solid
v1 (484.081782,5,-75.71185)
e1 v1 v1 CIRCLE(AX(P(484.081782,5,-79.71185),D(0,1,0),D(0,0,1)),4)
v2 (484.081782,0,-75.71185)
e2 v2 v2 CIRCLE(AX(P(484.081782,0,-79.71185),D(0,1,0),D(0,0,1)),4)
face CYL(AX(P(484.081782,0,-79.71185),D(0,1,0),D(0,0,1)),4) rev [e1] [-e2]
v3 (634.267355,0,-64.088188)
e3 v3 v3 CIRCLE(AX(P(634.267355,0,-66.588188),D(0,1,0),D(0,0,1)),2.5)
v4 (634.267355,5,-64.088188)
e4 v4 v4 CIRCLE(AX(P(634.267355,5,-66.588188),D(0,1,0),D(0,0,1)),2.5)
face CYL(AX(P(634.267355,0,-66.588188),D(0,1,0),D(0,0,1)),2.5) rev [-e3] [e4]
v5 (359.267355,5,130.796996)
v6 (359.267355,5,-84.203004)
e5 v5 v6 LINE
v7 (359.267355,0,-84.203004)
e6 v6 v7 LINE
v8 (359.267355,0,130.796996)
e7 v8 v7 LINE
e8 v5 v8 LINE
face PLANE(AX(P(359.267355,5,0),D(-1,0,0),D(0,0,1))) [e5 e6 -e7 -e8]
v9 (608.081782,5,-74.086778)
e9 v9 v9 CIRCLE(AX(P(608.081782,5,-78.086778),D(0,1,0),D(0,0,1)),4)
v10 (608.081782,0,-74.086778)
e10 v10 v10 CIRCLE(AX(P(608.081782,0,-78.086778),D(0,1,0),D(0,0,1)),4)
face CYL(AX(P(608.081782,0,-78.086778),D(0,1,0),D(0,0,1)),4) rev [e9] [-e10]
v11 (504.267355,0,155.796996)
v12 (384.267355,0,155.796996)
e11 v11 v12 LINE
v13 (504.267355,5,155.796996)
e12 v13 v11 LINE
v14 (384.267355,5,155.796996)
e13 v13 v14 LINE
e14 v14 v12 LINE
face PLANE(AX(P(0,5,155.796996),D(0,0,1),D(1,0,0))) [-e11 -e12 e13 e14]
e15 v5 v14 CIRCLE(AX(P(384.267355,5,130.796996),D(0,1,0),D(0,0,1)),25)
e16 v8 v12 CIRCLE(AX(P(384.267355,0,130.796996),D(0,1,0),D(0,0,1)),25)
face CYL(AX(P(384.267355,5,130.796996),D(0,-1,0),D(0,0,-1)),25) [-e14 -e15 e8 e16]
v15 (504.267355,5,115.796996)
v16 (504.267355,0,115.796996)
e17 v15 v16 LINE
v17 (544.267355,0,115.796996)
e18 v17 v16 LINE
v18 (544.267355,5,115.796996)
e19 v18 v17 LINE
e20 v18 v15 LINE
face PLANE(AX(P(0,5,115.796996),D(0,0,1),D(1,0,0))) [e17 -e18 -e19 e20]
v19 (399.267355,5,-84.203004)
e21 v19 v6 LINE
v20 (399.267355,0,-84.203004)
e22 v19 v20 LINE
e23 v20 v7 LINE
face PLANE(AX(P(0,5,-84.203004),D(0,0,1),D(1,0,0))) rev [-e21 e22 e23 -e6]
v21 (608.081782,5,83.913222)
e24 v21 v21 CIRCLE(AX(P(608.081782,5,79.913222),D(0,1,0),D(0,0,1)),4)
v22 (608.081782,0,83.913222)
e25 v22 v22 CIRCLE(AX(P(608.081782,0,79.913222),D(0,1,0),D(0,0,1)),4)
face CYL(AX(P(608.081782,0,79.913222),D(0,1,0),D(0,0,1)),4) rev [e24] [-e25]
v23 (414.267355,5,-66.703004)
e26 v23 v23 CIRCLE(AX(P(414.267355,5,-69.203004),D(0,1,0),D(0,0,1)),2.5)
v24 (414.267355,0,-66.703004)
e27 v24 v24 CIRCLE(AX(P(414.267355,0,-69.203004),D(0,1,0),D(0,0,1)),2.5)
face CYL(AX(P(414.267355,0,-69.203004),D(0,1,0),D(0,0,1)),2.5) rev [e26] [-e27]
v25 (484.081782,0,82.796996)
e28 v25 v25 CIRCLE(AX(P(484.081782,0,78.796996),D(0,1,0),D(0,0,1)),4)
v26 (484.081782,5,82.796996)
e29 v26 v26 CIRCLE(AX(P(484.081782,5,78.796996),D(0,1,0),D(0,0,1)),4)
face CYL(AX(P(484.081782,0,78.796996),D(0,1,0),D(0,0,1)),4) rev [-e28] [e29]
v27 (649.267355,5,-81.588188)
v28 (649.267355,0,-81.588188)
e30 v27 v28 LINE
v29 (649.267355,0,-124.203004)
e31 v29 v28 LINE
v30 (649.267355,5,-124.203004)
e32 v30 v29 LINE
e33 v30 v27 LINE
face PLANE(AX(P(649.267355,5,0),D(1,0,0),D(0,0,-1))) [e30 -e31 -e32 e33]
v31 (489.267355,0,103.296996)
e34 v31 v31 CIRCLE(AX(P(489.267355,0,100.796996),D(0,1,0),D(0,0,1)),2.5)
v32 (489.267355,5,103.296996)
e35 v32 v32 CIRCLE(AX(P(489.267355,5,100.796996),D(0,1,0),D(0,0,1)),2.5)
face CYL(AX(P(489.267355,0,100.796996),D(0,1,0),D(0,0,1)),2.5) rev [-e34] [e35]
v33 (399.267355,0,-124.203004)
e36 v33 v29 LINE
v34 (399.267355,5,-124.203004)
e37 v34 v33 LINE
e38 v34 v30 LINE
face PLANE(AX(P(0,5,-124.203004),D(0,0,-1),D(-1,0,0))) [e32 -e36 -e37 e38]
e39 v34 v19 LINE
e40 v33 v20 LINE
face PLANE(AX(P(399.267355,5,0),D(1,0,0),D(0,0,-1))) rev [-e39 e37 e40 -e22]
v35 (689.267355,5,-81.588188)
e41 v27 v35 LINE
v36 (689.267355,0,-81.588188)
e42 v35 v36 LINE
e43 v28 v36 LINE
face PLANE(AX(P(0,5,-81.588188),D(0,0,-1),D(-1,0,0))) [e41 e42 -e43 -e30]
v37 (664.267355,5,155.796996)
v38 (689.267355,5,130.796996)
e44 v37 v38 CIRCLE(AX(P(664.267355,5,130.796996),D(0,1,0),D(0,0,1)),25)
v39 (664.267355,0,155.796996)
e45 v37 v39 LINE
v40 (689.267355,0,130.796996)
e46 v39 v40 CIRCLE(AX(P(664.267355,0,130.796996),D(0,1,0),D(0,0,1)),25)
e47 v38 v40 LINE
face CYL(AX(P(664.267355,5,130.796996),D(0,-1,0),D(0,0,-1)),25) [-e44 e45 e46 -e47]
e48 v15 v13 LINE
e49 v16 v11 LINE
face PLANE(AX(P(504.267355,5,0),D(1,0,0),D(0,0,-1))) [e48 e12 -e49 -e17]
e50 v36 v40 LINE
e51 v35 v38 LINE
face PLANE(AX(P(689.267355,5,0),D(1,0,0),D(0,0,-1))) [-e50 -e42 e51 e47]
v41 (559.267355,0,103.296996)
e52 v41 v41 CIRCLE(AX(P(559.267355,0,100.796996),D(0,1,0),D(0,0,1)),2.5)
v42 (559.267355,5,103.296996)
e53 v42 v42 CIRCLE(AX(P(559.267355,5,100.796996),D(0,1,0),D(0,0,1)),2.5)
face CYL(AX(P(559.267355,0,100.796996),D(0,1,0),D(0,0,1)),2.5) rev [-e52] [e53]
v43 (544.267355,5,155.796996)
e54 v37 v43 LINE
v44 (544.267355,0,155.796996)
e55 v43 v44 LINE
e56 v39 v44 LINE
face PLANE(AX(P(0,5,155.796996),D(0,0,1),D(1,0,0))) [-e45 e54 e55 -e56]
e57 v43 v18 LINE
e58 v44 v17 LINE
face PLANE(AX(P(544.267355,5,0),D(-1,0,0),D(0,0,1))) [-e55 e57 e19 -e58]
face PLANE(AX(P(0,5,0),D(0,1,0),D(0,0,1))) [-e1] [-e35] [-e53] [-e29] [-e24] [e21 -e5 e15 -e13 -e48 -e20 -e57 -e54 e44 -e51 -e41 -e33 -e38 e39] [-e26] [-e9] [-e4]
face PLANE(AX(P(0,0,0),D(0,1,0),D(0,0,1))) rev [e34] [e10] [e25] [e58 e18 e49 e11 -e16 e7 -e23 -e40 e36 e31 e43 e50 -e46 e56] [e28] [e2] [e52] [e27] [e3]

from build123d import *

# Parameters (mm, degrees)
RESSALTO_EXTRUS_O4_DEPTH = 5
ESBO_O2_R                = 2.5
CORTE_EXTRUS_O1_DEPTH    = 5
ESBO_O3_R                = 4
CORTE_EXTRUS_O2_DEPTH    = 5


with BuildPart() as part:
    # Esboço1 → Ressalto-extrusão4 (new body)
    with BuildSketch(Plane(origin=(0, 0, 0), x_dir=(1, 0, 0), z_dir=(0, 1, 0))):
        with BuildLine():
            Line((504.267355398, -155.796995794), (384.267355398, -155.796995794))
            ThreePointArc((384.267355398, -155.796995794), (366.589685869, -148.474665324), (359.267355398, -130.796995794))
            Line((359.267355398, -130.796995794), (359.267355398, 84.203004206))
            Line((359.267355398, 84.203004206), (399.267355398, 84.203004206))
            Line((399.267355398, 84.203004206), (399.267355398, 124.203004206))
            Line((399.267355398, 124.203004206), (649.267355398, 124.203004206))
            Line((649.267355398, 124.203004206), (649.267355398, 81.588187759))
            Line((649.267355398, 81.588187759), (689.267355398, 81.588187759))
            Line((689.267355398, 81.588187759), (689.267355398, -130.796995794))
            ThreePointArc((689.267355398, -130.796995794), (681.945024928, -148.474665324), (664.267355398, -155.796995794))
            Line((664.267355398, -155.796995794), (544.267355398, -155.796995794))
            Line((544.267355398, -155.796995794), (544.267355398, -115.796995794))
            Line((544.267355398, -115.796995794), (504.267355398, -115.796995794))
            Line((504.267355398, -115.796995794), (504.267355398, -155.796995794))
        make_face()
    extrude(amount=RESSALTO_EXTRUS_O4_DEPTH)

    # Esboço2 → Corte-extrusão1 (cut)
    with BuildSketch(Plane(origin=(0, 5, 0), x_dir=(1, 0, 0), z_dir=(0, 1, 0))):
        with Locations(Location((559.267355398, -100.796995794, 0), (0, 0, 270))):
            Circle(ESBO_O2_R)
        with Locations(Location((489.267355398, -100.796995794, 0), (0, 0, 270))):
            Circle(ESBO_O2_R)
        with Locations(Location((634.267355398, 66.588187759, 0), (0, 0, 270))):
            Circle(ESBO_O2_R)
        with Locations(Location((414.267355398, 69.203004206, 0), (0, 0, 270))):
            Circle(ESBO_O2_R)
    extrude(amount=-CORTE_EXTRUS_O1_DEPTH, mode=Mode.SUBTRACT)

    # Esboço3 → Corte-extrusão2 (cut)
    with BuildSketch(Plane(origin=(0, 5, 0), x_dir=(1, 0, 0), z_dir=(0, 1, 0))):
        with Locations(Location((608.081782449, -79.913221978, 0), (0, 0, 270))):
            Circle(ESBO_O3_R)
        with Locations(Location((484.081782449, -78.796995794, 0), (0, 0, 270))):
            Circle(ESBO_O3_R)
        with Locations(Location((484.081782449, 79.711850126, 0), (0, 0, 270))):
            Circle(ESBO_O3_R)
        with Locations(Location((608.081782449, 78.086778022, 0), (0, 0, 270))):
            Circle(ESBO_O3_R)
    extrude(amount=-CORTE_EXTRUS_O2_DEPTH, mode=Mode.SUBTRACT)


solid = part.part
